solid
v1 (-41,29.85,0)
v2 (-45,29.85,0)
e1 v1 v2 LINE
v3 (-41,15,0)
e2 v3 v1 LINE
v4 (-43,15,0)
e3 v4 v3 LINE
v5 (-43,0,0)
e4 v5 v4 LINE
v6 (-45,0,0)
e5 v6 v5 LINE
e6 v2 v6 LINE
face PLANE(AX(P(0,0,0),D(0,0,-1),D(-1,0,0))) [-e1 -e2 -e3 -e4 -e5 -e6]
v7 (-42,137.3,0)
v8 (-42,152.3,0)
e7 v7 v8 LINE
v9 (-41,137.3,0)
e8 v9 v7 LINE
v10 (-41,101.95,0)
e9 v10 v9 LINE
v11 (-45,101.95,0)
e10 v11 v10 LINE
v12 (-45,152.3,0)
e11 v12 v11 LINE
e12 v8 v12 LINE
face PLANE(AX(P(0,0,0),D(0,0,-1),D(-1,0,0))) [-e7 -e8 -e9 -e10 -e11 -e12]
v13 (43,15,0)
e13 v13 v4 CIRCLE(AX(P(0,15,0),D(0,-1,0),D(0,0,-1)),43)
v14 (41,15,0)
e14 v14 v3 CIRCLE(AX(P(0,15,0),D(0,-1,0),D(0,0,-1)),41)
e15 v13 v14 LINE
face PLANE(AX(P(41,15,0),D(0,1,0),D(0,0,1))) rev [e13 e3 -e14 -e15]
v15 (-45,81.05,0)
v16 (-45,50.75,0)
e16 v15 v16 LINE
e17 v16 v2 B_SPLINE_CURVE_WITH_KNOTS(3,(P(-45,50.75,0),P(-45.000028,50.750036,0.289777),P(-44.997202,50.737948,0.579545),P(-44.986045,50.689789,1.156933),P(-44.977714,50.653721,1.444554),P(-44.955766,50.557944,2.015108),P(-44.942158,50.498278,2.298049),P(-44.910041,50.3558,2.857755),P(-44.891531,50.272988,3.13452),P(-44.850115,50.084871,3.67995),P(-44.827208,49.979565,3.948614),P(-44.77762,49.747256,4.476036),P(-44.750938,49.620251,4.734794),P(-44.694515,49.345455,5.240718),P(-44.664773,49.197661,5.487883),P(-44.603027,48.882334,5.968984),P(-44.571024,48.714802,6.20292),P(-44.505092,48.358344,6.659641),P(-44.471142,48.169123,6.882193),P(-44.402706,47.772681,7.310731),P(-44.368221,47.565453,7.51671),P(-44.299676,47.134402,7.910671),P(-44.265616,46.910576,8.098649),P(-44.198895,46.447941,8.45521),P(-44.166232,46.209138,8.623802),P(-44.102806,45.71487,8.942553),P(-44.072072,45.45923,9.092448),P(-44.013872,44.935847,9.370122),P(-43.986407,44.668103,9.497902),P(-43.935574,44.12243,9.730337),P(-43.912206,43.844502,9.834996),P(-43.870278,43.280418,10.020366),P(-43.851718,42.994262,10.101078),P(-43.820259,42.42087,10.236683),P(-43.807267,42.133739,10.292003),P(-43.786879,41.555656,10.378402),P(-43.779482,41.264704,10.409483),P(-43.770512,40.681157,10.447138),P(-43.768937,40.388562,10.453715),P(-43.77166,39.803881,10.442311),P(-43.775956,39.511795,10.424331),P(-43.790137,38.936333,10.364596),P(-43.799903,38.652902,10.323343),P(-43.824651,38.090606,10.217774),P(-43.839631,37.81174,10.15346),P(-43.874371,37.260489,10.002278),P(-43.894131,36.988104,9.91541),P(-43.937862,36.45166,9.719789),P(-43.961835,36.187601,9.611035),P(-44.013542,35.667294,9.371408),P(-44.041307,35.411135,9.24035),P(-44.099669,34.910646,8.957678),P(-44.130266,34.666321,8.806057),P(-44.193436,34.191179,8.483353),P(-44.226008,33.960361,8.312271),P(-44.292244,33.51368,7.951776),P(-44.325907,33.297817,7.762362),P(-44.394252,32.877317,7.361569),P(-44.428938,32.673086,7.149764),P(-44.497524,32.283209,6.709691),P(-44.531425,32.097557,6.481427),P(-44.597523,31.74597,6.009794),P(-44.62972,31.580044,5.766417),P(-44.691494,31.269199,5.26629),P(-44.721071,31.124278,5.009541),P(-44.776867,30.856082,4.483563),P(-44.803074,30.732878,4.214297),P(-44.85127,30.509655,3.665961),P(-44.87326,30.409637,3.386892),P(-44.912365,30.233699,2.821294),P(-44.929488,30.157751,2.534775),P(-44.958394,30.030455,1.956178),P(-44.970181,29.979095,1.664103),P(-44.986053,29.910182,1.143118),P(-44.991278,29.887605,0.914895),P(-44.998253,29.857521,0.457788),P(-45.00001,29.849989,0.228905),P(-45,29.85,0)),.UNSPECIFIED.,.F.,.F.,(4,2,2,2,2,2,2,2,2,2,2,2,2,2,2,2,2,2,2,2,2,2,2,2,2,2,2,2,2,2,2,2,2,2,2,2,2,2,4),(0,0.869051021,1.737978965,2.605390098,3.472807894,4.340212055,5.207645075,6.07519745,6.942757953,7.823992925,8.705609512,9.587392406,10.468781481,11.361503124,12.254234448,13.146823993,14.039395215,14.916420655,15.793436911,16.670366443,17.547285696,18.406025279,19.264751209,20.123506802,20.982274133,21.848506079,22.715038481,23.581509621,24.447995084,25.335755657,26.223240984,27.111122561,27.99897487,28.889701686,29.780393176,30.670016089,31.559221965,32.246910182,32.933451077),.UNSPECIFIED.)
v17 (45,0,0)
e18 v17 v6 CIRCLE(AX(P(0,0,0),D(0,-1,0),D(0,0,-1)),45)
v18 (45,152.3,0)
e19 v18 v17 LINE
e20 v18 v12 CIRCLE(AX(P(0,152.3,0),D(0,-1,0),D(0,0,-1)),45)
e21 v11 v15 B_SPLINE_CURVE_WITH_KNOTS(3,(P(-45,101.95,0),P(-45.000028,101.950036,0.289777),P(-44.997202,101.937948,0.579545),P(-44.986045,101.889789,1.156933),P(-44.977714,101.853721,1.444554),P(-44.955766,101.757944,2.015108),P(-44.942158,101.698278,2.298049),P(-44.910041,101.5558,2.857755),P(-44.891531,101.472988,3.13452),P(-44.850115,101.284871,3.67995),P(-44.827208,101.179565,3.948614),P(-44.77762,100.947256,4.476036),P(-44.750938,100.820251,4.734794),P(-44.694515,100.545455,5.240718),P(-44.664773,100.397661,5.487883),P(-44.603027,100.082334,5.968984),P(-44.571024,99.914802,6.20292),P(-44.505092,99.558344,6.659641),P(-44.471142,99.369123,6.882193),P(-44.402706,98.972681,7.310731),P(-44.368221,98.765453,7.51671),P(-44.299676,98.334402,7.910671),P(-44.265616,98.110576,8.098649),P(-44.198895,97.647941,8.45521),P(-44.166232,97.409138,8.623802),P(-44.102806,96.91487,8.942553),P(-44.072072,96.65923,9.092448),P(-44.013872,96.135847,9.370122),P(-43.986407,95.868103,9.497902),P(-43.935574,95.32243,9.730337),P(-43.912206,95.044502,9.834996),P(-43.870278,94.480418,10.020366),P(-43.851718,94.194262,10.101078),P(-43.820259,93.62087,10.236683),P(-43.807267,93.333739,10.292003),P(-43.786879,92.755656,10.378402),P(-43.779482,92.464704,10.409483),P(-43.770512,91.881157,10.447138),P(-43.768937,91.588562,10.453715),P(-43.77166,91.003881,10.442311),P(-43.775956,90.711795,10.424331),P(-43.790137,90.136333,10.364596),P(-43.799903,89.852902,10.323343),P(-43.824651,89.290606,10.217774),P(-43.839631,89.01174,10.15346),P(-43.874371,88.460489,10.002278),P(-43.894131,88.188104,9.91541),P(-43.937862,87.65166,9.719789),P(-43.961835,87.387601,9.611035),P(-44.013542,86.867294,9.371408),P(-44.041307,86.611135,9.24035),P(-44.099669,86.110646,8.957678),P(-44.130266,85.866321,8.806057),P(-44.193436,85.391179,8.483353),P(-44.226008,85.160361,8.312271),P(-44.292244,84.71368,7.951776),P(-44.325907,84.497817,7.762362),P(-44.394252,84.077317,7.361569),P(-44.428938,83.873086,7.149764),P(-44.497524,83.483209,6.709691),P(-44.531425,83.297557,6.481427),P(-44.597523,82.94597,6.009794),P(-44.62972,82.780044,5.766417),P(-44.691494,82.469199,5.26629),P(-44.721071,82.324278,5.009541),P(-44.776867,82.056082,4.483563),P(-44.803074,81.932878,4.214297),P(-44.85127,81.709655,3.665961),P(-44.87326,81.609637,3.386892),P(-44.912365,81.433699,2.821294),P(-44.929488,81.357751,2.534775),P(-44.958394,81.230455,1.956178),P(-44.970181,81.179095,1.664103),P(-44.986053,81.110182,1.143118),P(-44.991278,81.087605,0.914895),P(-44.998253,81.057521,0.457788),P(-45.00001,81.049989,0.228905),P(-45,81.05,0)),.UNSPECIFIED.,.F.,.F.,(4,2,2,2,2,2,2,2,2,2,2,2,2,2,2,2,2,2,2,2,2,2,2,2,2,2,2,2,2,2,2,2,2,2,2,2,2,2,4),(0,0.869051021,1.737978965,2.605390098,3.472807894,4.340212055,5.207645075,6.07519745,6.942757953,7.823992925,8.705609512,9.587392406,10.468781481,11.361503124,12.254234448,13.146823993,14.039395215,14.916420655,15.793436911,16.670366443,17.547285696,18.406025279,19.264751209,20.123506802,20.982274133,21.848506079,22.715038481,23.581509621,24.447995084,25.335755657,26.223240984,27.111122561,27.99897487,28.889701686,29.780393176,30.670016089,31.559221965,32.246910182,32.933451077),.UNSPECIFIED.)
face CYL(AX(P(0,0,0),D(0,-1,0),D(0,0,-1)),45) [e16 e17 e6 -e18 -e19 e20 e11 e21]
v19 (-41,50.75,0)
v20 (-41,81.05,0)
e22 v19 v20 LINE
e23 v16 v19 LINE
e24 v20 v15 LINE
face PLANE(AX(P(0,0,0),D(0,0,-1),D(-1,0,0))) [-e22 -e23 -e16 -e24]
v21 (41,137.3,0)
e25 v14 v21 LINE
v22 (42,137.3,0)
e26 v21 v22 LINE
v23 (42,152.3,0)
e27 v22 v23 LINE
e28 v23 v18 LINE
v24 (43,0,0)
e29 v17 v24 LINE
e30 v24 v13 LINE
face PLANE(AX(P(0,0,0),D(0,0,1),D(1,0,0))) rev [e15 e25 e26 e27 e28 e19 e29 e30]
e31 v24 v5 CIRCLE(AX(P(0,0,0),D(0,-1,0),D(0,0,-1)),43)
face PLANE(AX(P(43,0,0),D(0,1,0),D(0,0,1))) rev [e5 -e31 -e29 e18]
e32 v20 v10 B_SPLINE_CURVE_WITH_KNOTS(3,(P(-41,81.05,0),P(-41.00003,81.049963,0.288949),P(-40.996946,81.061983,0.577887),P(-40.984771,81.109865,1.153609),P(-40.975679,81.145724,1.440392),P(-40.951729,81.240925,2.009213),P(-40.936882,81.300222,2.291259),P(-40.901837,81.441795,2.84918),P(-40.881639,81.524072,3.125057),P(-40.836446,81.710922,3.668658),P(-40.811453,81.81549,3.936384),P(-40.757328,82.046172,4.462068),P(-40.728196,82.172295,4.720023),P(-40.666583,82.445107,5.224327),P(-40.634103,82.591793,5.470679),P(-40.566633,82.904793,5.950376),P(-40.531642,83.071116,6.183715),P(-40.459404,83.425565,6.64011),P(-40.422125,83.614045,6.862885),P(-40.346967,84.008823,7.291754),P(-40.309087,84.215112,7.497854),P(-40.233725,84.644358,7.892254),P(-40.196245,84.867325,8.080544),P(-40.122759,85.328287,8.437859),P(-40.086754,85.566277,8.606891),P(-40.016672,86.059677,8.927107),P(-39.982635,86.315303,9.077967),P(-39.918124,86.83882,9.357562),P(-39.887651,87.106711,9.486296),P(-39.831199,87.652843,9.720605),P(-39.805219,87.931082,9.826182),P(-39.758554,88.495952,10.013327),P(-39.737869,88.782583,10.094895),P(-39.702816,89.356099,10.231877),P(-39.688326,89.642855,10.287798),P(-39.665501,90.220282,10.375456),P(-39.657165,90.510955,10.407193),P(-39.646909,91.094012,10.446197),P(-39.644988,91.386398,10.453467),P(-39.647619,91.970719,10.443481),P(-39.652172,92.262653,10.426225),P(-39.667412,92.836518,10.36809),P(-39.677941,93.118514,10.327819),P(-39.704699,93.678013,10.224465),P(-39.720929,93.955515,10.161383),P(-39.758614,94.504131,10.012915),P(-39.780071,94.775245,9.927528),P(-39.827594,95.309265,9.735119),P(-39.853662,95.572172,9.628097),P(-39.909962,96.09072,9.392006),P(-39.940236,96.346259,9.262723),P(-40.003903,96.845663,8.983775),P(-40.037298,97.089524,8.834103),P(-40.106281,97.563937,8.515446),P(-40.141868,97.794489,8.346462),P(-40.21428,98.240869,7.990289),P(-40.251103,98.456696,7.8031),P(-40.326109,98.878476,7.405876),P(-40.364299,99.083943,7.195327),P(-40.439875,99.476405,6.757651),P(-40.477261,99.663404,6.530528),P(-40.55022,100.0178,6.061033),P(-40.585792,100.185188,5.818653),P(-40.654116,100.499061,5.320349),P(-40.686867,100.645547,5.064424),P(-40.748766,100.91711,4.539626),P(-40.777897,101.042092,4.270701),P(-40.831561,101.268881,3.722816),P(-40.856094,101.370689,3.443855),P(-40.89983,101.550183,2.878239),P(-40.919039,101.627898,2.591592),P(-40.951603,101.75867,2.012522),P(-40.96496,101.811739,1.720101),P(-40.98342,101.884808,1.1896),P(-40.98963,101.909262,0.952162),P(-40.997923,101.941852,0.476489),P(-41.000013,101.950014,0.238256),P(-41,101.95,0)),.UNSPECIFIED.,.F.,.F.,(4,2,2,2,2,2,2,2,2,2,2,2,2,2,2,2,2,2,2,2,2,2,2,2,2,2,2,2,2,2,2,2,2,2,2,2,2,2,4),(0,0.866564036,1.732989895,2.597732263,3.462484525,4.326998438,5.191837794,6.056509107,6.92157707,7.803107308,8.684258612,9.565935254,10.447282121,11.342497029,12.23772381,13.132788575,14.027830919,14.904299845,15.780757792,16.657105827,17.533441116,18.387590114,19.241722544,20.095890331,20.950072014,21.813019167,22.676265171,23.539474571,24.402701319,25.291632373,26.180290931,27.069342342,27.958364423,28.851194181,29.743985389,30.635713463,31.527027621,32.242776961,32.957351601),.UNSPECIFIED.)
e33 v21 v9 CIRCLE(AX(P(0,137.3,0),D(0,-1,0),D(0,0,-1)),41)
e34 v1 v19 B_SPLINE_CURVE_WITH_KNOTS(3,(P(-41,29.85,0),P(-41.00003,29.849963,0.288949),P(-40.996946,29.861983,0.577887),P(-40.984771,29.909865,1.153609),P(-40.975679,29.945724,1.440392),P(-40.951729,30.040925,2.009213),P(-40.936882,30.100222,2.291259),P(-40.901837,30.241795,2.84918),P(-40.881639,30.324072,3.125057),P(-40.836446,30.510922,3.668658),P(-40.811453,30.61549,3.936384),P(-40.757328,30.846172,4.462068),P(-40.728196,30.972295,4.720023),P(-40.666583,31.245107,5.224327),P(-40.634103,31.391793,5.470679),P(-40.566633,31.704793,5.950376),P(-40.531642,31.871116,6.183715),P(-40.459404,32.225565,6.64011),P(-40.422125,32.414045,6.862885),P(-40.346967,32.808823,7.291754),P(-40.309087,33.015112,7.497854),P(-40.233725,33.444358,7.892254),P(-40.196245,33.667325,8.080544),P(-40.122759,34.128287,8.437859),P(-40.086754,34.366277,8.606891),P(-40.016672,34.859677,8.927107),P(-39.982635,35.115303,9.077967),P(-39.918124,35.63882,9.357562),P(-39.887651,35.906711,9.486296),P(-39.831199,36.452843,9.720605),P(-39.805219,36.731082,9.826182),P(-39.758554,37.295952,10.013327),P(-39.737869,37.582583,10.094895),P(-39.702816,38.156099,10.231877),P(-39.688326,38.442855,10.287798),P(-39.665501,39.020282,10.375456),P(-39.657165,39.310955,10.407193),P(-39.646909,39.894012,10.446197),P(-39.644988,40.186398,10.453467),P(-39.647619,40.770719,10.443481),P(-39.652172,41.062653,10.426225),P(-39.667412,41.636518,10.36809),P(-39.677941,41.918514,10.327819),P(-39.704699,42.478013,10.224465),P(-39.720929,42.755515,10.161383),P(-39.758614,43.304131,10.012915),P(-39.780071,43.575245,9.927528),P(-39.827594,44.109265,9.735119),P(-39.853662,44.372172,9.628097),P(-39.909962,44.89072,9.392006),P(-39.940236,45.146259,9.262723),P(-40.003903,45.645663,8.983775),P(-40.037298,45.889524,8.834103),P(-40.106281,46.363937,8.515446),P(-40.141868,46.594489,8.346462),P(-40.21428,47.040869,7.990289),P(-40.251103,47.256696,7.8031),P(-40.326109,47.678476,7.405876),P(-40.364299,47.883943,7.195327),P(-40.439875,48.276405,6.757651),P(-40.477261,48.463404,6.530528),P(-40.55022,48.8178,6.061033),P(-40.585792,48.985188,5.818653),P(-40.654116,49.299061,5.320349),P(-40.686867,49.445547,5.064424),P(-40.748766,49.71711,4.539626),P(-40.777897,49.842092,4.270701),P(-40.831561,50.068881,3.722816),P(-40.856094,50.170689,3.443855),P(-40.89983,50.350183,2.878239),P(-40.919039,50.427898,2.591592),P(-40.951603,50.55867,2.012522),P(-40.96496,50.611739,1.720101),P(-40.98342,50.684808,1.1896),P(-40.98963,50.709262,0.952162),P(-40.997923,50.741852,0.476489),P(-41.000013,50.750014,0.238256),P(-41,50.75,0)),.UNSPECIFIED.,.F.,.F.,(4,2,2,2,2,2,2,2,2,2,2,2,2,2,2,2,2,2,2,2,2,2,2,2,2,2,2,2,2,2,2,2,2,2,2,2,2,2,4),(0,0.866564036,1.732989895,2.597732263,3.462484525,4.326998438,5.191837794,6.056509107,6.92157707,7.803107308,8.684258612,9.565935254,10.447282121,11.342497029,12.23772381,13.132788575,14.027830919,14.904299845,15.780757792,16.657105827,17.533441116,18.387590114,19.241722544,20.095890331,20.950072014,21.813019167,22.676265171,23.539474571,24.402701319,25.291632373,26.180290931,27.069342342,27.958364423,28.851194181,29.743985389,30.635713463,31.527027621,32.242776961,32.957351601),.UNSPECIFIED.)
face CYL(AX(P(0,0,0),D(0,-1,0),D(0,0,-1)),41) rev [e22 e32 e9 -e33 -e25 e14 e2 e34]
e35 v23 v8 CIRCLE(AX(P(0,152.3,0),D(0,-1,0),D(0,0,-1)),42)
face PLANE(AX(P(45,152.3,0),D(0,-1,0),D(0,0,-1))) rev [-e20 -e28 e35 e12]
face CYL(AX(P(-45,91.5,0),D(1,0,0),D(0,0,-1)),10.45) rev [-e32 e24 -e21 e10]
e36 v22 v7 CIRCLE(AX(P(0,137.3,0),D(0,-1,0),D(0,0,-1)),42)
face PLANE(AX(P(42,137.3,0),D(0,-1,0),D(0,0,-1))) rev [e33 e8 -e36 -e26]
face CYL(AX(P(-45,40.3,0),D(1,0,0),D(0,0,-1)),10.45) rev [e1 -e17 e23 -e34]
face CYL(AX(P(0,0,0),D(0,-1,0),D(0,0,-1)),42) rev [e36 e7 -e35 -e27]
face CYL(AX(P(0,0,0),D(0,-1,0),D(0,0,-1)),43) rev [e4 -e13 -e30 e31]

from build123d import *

# Parameters (mm, degrees)
REVOLVE1_ANGLE     = 180
SKETCH2_R          = 10.45
CUT_EXTRUDE1_DEPTH = 166.061473397


with BuildPart() as part:
    # Sketch1 → Revolve1 (revolve)
    with BuildSketch(Plane.XY):
        Polygon((-45, 0), (-45, 152.3), (-42, 152.3), (-42, 137.3), (-41, 137.3), (-41, 15), (-43, 15), (-43, 0), align=None)
    revolve(axis=Axis((0, 0, 0), (0, 1, 0)), revolution_arc=REVOLVE1_ANGLE)

    # Sketch2 → Cut-Extrude1 (cut, through all)
    with BuildSketch(Plane(origin=(0, 0, 0), x_dir=(0, 0, -1), z_dir=(1, 0, 0))):
        with Locations((0, 40.3)):
            Circle(SKETCH2_R)
        with Locations((0, 91.5)):
            Circle(SKETCH2_R)
    extrude(amount=-CUT_EXTRUDE1_DEPTH, mode=Mode.SUBTRACT)


solid = part.part
